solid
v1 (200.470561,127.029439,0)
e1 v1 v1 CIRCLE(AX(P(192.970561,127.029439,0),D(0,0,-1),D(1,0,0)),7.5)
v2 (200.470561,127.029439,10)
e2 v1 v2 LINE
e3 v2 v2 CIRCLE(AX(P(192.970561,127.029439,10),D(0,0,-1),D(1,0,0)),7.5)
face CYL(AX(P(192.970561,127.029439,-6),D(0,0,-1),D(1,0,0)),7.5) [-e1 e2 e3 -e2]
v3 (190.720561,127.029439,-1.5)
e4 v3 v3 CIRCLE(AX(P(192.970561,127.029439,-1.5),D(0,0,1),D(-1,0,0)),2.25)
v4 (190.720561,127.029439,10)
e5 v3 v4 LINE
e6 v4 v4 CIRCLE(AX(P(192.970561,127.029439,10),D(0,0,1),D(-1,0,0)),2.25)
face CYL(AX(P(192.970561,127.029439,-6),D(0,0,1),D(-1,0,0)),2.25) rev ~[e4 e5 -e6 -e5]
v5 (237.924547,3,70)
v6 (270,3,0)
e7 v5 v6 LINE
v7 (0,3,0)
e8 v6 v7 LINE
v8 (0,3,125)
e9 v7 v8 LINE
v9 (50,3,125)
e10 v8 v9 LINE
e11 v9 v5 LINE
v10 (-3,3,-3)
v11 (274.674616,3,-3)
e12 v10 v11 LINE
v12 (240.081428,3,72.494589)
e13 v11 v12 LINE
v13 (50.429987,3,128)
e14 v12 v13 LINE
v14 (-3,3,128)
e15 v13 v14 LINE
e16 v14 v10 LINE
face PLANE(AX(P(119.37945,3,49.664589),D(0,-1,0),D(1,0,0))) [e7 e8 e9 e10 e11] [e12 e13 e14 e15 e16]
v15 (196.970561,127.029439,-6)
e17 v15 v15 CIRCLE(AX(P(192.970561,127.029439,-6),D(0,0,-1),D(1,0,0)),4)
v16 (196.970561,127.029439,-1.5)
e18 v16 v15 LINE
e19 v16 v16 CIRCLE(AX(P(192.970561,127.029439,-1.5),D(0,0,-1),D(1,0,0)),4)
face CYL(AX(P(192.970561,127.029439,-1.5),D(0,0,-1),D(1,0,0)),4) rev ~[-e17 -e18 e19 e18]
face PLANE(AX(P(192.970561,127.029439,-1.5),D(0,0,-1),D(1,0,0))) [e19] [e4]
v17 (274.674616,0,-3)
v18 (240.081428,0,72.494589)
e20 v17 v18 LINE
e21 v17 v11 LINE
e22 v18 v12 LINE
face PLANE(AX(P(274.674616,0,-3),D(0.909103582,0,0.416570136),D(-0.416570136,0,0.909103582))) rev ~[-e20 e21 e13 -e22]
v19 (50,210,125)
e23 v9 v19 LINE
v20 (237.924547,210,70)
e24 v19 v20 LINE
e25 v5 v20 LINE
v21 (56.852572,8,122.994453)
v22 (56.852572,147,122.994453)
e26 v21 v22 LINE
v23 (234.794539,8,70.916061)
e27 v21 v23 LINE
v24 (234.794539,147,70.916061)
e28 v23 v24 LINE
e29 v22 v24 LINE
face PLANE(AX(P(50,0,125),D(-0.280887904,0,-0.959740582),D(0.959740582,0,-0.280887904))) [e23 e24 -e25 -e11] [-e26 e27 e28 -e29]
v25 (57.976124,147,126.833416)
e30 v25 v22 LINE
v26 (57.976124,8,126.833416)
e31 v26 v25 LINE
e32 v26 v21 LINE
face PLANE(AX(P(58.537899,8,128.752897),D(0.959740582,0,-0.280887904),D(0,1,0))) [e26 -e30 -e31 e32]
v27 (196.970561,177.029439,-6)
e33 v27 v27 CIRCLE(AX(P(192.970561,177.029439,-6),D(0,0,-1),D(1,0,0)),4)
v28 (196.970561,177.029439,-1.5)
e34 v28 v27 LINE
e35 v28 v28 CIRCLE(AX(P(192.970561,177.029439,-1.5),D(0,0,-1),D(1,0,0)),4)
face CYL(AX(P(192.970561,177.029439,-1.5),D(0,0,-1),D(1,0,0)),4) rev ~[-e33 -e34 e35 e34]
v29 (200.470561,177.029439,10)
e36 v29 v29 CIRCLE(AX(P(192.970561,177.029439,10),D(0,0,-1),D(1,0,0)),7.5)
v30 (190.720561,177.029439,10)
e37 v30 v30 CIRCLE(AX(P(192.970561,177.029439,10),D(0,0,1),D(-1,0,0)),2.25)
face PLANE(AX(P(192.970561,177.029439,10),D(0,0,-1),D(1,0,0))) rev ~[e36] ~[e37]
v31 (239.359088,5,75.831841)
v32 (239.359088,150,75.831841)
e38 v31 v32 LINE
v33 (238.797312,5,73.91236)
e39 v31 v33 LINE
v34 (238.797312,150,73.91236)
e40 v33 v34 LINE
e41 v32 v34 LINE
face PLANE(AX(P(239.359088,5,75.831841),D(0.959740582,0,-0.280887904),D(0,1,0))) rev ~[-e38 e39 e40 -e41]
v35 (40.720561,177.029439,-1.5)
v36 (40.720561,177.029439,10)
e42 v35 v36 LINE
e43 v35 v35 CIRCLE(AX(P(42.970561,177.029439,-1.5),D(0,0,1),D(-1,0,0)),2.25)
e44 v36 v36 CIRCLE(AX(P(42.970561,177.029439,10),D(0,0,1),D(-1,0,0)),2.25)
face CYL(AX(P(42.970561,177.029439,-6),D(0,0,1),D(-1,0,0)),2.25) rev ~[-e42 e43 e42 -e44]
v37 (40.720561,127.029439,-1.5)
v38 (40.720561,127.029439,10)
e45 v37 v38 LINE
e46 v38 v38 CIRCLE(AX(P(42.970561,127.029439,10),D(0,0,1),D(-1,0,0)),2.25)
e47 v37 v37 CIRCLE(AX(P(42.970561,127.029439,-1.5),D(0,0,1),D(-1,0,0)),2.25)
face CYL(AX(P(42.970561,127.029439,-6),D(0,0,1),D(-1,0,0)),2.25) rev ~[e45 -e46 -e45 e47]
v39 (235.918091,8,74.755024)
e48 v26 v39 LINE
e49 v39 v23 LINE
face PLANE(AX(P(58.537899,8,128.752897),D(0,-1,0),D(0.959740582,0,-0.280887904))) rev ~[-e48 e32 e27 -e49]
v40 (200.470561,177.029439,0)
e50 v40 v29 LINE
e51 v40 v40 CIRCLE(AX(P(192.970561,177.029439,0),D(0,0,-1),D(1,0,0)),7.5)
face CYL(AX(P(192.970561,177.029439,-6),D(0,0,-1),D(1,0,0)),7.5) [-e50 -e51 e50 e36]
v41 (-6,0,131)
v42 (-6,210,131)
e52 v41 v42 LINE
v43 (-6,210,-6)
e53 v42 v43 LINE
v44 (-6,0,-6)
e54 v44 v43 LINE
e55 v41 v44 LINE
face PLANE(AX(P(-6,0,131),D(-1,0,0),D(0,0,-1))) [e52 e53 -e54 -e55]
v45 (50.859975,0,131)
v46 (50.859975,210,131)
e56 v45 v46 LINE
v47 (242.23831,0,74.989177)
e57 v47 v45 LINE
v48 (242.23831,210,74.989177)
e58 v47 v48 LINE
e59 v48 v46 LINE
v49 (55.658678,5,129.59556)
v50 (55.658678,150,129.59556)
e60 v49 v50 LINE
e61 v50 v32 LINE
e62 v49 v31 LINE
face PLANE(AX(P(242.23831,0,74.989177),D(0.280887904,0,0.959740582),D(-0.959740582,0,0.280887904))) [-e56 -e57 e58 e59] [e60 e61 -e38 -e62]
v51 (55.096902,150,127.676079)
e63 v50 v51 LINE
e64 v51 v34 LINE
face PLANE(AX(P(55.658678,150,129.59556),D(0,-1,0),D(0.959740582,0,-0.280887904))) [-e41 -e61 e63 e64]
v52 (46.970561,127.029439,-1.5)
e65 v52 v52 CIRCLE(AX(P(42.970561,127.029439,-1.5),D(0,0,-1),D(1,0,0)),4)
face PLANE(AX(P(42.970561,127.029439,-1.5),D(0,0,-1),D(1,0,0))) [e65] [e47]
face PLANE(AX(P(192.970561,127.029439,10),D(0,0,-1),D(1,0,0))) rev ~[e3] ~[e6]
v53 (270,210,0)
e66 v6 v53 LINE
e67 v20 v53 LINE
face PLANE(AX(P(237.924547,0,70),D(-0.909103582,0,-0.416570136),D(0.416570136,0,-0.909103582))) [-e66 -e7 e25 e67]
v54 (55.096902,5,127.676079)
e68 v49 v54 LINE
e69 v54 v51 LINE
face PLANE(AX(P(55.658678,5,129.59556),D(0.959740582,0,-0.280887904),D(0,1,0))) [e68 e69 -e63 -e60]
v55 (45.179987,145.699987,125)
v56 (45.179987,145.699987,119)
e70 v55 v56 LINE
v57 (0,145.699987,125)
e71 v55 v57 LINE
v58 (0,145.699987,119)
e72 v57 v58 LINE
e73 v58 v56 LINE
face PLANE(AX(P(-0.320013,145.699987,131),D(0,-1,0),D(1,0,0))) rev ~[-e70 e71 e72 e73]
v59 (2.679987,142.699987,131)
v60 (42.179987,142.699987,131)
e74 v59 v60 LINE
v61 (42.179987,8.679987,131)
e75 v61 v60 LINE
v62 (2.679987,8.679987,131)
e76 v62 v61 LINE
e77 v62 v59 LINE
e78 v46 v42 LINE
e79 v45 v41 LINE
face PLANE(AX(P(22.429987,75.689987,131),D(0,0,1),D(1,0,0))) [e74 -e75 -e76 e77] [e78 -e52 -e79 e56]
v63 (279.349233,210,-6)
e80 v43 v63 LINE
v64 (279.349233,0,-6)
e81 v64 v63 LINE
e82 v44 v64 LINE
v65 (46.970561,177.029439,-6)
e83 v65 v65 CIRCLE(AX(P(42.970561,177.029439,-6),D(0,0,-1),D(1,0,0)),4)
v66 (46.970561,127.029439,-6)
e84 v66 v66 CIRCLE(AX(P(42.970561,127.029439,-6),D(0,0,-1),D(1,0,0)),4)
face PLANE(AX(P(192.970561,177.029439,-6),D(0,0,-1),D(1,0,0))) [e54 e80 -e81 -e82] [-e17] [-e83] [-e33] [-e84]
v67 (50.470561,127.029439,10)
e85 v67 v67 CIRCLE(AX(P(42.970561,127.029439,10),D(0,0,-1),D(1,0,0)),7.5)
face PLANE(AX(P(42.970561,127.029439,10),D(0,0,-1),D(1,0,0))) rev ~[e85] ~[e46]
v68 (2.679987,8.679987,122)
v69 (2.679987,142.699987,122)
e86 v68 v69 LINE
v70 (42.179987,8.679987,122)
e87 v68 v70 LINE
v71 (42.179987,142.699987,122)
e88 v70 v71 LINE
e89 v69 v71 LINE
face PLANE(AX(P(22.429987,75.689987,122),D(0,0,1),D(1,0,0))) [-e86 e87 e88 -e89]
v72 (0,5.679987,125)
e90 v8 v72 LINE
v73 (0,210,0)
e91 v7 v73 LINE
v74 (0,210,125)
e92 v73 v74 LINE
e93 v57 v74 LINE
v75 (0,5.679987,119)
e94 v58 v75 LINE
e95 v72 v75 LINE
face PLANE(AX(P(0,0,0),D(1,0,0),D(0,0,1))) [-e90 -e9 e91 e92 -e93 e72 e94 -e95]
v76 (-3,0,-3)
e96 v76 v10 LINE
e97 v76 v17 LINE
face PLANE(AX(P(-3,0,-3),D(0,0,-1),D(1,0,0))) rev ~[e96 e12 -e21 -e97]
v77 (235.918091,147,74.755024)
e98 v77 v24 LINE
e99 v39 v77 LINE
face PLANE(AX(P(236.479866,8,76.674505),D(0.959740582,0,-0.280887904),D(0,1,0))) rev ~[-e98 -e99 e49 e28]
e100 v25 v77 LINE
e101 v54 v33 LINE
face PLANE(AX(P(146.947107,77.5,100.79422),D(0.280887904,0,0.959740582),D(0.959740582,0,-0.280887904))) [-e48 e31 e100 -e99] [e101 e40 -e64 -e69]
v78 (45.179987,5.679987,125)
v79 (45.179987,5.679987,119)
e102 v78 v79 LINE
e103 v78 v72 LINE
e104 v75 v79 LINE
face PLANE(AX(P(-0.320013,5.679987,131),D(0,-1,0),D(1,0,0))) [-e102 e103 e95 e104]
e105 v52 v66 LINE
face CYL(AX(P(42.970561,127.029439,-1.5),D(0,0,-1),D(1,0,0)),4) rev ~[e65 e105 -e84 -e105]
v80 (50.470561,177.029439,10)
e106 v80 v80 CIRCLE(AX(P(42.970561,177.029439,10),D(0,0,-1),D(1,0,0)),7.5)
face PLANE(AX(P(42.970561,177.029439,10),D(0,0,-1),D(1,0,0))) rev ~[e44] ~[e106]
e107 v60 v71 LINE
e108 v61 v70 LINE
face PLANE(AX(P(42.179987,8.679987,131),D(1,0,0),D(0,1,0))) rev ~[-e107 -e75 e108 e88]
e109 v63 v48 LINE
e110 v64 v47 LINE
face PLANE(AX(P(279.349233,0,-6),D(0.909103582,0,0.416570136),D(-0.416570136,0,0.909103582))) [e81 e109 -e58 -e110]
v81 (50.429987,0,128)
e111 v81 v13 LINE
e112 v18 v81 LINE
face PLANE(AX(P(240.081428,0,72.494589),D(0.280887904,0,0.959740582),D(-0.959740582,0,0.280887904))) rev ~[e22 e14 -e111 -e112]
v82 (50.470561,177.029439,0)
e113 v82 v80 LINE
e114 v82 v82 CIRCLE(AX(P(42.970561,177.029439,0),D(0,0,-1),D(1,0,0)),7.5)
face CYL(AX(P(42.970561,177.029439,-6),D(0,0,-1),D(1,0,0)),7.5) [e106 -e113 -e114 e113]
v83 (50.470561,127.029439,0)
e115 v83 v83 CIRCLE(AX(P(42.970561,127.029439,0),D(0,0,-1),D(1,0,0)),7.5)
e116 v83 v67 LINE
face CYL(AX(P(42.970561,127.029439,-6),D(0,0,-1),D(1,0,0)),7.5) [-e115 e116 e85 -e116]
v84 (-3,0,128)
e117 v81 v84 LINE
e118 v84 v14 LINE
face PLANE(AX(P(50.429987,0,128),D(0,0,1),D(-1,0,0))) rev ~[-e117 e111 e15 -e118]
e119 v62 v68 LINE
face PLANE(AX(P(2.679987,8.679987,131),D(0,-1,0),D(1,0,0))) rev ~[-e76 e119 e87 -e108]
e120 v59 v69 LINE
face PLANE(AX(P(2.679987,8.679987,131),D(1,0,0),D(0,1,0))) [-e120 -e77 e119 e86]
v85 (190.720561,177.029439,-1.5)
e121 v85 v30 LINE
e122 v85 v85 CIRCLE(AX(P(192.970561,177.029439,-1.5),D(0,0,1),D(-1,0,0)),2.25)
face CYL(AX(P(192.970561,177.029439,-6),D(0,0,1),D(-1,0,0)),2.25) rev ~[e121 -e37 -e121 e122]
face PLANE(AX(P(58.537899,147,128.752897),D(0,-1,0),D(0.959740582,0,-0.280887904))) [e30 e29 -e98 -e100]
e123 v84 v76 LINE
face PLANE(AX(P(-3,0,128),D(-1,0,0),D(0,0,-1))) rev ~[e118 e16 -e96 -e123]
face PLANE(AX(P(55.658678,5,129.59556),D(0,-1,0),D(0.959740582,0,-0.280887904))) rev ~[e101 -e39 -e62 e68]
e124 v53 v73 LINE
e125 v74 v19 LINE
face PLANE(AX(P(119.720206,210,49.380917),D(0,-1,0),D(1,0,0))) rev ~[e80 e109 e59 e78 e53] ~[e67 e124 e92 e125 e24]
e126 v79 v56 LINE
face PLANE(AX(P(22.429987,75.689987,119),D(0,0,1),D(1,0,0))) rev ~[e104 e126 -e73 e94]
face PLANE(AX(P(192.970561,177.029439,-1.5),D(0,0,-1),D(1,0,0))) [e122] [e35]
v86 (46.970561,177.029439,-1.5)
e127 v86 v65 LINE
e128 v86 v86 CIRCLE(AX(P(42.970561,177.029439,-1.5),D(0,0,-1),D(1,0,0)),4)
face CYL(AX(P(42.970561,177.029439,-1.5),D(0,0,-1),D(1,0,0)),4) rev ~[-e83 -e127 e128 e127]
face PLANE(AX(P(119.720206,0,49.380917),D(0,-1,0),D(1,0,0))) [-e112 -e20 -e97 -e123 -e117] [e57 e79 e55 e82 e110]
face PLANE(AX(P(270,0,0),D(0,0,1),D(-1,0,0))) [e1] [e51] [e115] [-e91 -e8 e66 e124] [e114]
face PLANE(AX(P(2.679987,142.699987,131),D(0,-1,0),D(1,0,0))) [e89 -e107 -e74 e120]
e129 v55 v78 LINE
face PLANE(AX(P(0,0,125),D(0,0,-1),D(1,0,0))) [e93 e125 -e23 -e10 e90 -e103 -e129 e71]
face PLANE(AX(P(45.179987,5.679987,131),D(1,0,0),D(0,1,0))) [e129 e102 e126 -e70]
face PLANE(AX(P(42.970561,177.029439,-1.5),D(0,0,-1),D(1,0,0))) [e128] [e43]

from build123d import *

# Parameters (mm, degrees)
F2_DEPTH        = 210
F4_W            = 185.4063174448
F4_H            = 139
F5_DEPTH        = 6
F4_W_2          = 191.4063174448
F4_H_2          = 145
F6_DEPTH        = 2
F7_W            = 45.5
F7_H            = 140.02
F7_W_2          = 39.5
F7_H_2          = 134.02
F8_DEPTH        = 12
F9_DEPTH        = 9
F10_DEPTH       = 3
F3_R            = 7.5
F11_DEPTH       = 16
F12_D           = 4.5
F12_DEPTH       = 40
F12_CBORE_D     = 8
F12_CBORE_DEPTH = 4.5
F12_TIP         = 1.3519363928


with BuildPart() as f2:
    # F1 (on Front) → F2 (new body)
    with BuildSketch(Plane.XZ):
        Polygon((50.8599747535, 131), (-6, 131), (-6, -6), (279.3492325705, -6), (242.2383099785, 74.989177444), align=None)
        Polygon((240.0814283237, 72.494588722), (274.6746162852, -3), (-3, -3), (-3, 128), (50.4299873767, 128), align=None, mode=Mode.SUBTRACT)
        Polygon((-3, -3), (274.6746162852, -3), (240.0814283237, 72.494588722), (50.4299873767, 128), (-3, 128), align=None)
        Polygon((270, 0), (0, 0), (0, 125), (50, 125), (237.9245466688, 70), align=None, mode=Mode.SUBTRACT)
    extrude(amount=-F2_DEPTH)

    # F4 (on face) → F5 (cut, through all)
    with BuildSketch(Plane(origin=(39.3276682275, 0, 134.3751676945), x_dir=(0.9597405823, 0, -0.280887904), z_dir=(0.280887904, 0, 0.9597405823))):
        with Locations((112.7192250827, 77.5)):
            Rectangle(F4_W, F4_H)
    extrude(amount=-F5_DEPTH, mode=Mode.SUBTRACT)

    # F4 (on face) → F6 (cut)
    with BuildSketch(Plane(origin=(39.3276682275, 0, 134.3751676945), x_dir=(0.9597405823, 0, -0.280887904), z_dir=(0.280887904, 0, 0.9597405823))):
        with Locations((112.7192250827, 77.5)):
            Rectangle(F4_W_2, F4_H_2)
        with Locations((112.7192250827, 77.5)):
            Rectangle(F4_W, F4_H, mode=Mode.SUBTRACT)
    extrude(amount=-F6_DEPTH, mode=Mode.SUBTRACT)

    # F7 (on face) → F8 (join)
    with BuildSketch(Plane.XY.offset(131)):
        with Locations((22.4299873767, 75.6899873767)):
            Rectangle(F7_W, F7_H)
        with Locations((22.4299873767, 75.6899873767)):
            Rectangle(F7_W_2, F7_H_2, mode=Mode.SUBTRACT)
        with Locations((22.4299873767, 75.6899873767)):
            Rectangle(F7_W_2, F7_H_2)
    extrude(amount=-F8_DEPTH)

    # F7 (on face) → F9 (cut)
    with BuildSketch(Plane.XY.offset(131)):
        with Locations((22.4299873767, 75.6899873767)):
            Rectangle(F7_W_2, F7_H_2)
    extrude(amount=-F9_DEPTH, mode=Mode.SUBTRACT)

    # F1 (on Front) → F10 (cut)
    with BuildSketch(Plane.XZ):
        Polygon((-3, -3), (274.6746162852, -3), (240.0814283237, 72.494588722), (50.4299873767, 128), (-3, 128), align=None)
        Polygon((270, 0), (0, 0), (0, 125), (50, 125), (237.9245466688, 70), align=None, mode=Mode.SUBTRACT)
    extrude(amount=-F10_DEPTH, mode=Mode.SUBTRACT)

    # F3 (on face) → F11 (join)
    with BuildSketch(Plane(origin=(0, 0, -6), x_dir=(1, 0, 0), z_dir=(0, 0, -1))):
        with Locations((192.9705612659, -177.0294387341)):
            Circle(F3_R)
        with Locations((192.9705612659, -127.0294387341)):
            Circle(F3_R)
        with Locations((42.9705612659, -177.0294387341)):
            Circle(F3_R)
        with Locations((42.9705612659, -127.0294387341)):
            Circle(F3_R)
    extrude(amount=-F11_DEPTH)

    # F12
    with Locations(Plane(origin=(0, 0, -6), x_dir=(1, 0, 0), z_dir=(0, 0, -1))):
        with Locations((192.9705612659, -127.0294387341), (192.9705612659, -177.0294387341), (42.9705612659, -177.0294387341), (42.9705612659, -127.0294387341)):
            CounterBoreHole(F12_D / 2, F12_CBORE_D / 2, F12_CBORE_DEPTH, depth=F12_DEPTH)
            with Locations((0, 0, -(F12_DEPTH + F12_TIP / 2))):  # 118° drill point
                Cone(0, F12_D / 2, F12_TIP, mode=Mode.SUBTRACT)


solid = f2.part
